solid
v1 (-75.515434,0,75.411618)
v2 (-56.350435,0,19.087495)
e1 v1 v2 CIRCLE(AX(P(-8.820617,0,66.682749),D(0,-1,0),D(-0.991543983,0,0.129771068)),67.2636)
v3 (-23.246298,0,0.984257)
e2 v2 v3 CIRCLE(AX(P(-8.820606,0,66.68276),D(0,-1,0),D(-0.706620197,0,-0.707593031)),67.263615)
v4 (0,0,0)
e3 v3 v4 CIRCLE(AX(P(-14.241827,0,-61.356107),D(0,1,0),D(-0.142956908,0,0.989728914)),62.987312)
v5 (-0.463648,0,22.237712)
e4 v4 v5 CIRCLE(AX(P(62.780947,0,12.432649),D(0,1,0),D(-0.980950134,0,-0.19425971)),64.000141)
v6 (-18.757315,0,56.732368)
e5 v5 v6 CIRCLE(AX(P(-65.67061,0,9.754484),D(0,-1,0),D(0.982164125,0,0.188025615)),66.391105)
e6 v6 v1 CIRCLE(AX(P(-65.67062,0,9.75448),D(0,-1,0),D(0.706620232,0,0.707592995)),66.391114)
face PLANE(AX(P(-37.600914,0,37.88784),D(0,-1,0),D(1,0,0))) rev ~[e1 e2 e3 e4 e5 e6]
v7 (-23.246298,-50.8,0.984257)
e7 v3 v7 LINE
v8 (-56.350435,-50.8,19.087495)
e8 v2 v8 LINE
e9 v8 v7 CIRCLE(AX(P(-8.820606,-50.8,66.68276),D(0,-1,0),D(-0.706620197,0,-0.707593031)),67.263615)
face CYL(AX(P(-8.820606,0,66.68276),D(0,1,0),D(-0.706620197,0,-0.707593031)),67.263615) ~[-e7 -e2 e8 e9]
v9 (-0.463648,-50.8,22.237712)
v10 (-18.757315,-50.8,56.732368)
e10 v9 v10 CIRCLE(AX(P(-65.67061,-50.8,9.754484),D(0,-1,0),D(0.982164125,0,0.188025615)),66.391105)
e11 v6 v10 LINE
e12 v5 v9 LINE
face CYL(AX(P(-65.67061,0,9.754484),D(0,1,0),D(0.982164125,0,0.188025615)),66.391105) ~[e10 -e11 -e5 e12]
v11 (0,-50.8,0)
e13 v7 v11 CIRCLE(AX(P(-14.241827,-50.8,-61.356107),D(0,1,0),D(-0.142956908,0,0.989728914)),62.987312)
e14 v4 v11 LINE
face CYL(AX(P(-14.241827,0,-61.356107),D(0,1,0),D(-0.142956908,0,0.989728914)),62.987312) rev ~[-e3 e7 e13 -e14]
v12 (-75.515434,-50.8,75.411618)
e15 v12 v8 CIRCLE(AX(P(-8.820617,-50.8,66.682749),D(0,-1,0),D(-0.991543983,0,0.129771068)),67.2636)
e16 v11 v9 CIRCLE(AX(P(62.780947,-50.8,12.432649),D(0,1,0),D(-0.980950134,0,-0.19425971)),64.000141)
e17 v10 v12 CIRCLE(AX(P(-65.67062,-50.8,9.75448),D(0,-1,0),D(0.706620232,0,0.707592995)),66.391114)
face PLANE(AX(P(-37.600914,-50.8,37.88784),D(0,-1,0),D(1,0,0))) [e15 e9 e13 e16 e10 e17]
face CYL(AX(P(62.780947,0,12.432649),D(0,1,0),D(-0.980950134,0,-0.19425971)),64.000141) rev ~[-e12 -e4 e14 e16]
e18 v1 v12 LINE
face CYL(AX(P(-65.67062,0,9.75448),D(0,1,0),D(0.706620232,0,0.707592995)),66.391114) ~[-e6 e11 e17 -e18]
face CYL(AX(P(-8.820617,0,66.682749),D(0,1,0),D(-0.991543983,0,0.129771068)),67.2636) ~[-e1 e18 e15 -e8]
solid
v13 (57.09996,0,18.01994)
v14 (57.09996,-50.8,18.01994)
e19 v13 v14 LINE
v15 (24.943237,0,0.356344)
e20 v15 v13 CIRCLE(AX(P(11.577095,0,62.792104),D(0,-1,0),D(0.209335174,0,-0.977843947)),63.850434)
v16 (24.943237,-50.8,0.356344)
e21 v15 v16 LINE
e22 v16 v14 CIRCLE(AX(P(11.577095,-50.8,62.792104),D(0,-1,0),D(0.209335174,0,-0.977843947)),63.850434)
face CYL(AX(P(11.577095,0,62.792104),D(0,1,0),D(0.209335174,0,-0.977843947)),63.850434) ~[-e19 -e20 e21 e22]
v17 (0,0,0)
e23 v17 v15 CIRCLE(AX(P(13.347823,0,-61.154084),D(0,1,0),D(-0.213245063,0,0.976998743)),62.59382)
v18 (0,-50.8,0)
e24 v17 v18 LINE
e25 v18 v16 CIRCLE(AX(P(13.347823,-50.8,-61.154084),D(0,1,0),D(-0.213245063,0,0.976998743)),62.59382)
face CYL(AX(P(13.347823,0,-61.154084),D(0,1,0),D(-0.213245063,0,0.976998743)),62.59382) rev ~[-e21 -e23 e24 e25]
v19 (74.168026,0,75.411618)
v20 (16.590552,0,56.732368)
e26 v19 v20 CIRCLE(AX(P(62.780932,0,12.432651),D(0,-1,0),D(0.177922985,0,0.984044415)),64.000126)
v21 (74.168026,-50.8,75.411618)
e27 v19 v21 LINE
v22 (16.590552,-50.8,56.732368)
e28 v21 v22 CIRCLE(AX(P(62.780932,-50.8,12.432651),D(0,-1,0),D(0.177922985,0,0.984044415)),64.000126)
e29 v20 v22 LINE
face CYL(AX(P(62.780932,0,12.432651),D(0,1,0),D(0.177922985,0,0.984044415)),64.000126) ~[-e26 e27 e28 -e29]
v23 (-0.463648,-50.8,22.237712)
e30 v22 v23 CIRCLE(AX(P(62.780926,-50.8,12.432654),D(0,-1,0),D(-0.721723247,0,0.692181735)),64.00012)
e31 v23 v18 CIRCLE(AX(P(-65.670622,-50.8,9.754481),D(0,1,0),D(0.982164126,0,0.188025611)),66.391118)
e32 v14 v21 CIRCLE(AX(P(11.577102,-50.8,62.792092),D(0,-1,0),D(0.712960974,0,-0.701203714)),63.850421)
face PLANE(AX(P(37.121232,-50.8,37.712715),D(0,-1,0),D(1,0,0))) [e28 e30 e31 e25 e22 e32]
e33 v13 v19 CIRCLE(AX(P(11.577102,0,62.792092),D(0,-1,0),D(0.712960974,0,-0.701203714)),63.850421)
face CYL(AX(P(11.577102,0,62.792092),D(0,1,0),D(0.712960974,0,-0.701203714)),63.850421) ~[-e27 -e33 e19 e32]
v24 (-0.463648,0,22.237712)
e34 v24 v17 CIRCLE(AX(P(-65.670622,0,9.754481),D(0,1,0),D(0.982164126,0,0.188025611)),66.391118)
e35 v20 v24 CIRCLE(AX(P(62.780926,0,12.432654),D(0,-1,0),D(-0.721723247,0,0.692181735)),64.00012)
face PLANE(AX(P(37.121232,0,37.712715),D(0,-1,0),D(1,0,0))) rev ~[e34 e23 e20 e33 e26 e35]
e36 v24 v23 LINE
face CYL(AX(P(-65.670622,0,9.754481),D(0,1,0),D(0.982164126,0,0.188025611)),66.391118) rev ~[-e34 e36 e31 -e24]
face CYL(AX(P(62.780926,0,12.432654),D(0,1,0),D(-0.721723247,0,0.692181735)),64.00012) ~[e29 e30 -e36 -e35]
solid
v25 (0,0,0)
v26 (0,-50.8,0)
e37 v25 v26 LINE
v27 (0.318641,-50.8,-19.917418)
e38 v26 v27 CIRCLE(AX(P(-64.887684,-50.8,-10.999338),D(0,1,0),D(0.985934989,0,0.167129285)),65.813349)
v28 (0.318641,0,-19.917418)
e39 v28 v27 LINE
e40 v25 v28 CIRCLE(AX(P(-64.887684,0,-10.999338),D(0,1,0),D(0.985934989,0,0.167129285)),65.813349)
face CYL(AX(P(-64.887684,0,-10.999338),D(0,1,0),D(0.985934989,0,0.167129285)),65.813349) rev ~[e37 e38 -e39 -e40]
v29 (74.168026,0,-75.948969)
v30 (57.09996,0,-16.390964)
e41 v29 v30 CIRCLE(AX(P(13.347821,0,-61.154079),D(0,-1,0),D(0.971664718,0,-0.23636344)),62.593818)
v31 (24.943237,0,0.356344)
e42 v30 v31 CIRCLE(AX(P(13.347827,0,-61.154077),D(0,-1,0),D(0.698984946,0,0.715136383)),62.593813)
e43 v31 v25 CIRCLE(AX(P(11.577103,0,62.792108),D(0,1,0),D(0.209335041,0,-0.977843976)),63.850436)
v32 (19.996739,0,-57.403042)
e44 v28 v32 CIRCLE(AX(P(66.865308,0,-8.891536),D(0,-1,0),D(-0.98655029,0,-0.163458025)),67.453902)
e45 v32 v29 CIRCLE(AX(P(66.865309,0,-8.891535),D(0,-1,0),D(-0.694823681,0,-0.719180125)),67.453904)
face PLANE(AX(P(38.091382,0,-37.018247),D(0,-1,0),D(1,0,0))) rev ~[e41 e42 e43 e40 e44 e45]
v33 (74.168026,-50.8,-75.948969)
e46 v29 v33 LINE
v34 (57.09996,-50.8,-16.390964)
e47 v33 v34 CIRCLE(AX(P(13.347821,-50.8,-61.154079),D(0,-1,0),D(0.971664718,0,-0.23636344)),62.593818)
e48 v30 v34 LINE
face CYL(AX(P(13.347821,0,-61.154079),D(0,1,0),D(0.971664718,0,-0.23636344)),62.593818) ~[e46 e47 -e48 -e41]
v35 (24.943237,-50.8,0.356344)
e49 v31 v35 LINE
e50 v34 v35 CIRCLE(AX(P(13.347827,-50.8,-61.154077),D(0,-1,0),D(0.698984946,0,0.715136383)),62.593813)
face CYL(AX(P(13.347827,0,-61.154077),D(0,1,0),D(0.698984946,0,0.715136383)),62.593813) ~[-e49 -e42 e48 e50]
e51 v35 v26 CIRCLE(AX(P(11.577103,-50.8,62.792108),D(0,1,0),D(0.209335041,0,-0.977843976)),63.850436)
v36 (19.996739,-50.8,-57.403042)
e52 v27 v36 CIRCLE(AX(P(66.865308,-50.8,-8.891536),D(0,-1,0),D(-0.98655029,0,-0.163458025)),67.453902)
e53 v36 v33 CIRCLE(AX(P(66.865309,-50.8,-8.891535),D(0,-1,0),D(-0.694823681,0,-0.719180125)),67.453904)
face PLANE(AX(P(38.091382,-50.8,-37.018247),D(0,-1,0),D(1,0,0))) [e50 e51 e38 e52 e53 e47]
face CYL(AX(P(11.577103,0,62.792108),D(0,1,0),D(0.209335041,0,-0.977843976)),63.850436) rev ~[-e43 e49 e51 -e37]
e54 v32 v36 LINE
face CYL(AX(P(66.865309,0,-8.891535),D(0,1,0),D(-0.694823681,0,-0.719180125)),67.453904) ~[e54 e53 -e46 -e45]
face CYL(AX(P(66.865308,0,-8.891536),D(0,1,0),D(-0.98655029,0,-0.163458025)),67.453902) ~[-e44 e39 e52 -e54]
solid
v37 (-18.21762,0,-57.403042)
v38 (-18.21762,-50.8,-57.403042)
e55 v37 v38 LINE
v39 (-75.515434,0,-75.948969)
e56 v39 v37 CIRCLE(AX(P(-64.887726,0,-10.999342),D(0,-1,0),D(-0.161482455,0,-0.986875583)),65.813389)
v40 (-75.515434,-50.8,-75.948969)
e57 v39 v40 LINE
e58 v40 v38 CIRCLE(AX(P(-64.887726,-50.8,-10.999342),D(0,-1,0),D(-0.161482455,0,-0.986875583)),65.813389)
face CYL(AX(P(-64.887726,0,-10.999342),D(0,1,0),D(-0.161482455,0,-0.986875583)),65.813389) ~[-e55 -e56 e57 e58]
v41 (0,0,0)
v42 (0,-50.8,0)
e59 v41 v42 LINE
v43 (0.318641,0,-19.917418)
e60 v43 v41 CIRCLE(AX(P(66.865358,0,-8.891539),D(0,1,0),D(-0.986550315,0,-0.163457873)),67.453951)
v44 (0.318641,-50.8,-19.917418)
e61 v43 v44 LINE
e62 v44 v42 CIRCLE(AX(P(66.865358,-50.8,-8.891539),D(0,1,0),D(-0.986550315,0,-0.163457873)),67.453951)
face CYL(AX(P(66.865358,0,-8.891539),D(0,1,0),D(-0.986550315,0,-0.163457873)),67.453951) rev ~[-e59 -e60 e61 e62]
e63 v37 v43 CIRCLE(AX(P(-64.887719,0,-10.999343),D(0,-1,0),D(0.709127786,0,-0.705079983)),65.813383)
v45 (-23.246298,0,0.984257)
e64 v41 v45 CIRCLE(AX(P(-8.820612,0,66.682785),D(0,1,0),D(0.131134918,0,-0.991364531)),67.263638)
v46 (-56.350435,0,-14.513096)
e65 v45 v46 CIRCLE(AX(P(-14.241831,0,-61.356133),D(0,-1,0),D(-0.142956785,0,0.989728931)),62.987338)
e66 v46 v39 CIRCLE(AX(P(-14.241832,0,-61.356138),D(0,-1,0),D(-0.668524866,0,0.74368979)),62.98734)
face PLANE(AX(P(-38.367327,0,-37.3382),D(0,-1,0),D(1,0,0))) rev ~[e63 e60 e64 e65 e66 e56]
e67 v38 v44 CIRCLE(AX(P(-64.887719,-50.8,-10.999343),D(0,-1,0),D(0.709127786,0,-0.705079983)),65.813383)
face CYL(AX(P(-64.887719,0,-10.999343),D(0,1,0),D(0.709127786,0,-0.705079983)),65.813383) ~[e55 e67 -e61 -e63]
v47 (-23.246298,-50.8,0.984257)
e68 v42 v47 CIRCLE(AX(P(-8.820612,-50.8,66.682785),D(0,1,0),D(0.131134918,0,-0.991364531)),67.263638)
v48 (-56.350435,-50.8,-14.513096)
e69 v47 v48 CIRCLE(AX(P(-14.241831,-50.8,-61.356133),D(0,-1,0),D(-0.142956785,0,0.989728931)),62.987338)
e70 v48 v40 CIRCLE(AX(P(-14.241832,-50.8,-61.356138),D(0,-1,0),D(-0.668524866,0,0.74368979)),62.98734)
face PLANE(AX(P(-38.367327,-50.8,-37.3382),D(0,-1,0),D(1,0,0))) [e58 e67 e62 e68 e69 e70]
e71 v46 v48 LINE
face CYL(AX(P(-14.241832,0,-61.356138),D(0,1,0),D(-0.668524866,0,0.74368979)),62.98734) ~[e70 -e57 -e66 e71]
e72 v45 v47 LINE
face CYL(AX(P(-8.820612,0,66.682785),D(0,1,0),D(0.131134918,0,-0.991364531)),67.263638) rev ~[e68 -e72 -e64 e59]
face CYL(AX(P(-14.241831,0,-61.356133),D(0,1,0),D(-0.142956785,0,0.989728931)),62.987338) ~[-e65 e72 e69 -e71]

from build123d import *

# Parameters (mm, degrees)
F1_DEPTH = 50.8


with BuildPart() as f1:
    # F0 (on Front) → F1 (new body)
    with BuildSketch(Plane.XZ):
        with BuildLine():
            ThreePointArc((16.590552, 56.732368), (5.409572, 40.797122), (-0.463648, 22.237712))
            ThreePointArc((-0.463648, 22.237712), (0.70607, 11.138411), (0, 0))
            ThreePointArc((0, 0), (12.453687, 1.43335), (24.943237, 0.356344))
            ThreePointArc((24.943237, 0.356344), (42.317613, 6.828737), (57.09996, 18.01994))
            ThreePointArc((57.09996, 18.01994), (72.778398, 44.59106), (74.168026, 75.411618))
            ThreePointArc((74.168026, 75.411618), (43.031356, 73.309333), (16.590552, 56.732368))
        make_face()
        with BuildLine():
            ThreePointArc((-18.757315, 56.732368), (-44.916178, 72.818204), (-75.515434, 75.411618))
            ThreePointArc((-75.515434, 75.411618), (-72.498859, 45.015417), (-56.350435, 19.087495))
            ThreePointArc((-56.350435, 19.087495), (-41.093713, 7.667165), (-23.246298, 0.984257))
            ThreePointArc((-23.246298, 0.984257), (-11.577307, 1.574822), (0, 0))
            ThreePointArc((0, 0), (-1.205288, 11.09856), (-0.463648, 22.237712))
            ThreePointArc((-0.463648, 22.237712), (-7.017321, 40.86028), (-18.757315, 56.732368))
        make_face()
        with BuildLine():
            ThreePointArc((0, 0), (-11.66603, -0.520642), (-23.246298, 0.984257))
            ThreePointArc((-23.246298, 0.984257), (-40.947233, -4.310308), (-56.350435, -14.513096))
            ThreePointArc((-56.350435, -14.513096), (-74.371373, -42.598651), (-75.515434, -75.948969))
            ThreePointArc((-75.515434, -75.948969), (-44.620722, -73.614442), (-18.21762, -57.403042))
            ThreePointArc((-18.21762, -57.403042), (-5.892986, -40.17164), (0.318641, -19.917418))
            ThreePointArc((0.318641, -19.917418), (-0.579963, -9.970536), (0, 0))
        make_face()
        with BuildLine():
            ThreePointArc((24.943237, 0.356344), (12.489191, -1.051813), (0, 0))
            ThreePointArc((0, 0), (0.917245, -9.946584), (0.318641, -19.917418))
            ThreePointArc((0.318641, -19.917418), (7.140548, -40.24408), (19.996739, -57.403042))
            ThreePointArc((19.996739, -57.403042), (45.016922, -72.709065), (74.168026, -75.948969))
            ThreePointArc((74.168026, -75.948969), (73.519515, -43.910142), (57.09996, -16.390964))
            ThreePointArc((57.09996, -16.390964), (42.260726, -5.638046), (24.943237, 0.356344))
        make_face()
    extrude(amount=F1_DEPTH)


solid = f1.part
